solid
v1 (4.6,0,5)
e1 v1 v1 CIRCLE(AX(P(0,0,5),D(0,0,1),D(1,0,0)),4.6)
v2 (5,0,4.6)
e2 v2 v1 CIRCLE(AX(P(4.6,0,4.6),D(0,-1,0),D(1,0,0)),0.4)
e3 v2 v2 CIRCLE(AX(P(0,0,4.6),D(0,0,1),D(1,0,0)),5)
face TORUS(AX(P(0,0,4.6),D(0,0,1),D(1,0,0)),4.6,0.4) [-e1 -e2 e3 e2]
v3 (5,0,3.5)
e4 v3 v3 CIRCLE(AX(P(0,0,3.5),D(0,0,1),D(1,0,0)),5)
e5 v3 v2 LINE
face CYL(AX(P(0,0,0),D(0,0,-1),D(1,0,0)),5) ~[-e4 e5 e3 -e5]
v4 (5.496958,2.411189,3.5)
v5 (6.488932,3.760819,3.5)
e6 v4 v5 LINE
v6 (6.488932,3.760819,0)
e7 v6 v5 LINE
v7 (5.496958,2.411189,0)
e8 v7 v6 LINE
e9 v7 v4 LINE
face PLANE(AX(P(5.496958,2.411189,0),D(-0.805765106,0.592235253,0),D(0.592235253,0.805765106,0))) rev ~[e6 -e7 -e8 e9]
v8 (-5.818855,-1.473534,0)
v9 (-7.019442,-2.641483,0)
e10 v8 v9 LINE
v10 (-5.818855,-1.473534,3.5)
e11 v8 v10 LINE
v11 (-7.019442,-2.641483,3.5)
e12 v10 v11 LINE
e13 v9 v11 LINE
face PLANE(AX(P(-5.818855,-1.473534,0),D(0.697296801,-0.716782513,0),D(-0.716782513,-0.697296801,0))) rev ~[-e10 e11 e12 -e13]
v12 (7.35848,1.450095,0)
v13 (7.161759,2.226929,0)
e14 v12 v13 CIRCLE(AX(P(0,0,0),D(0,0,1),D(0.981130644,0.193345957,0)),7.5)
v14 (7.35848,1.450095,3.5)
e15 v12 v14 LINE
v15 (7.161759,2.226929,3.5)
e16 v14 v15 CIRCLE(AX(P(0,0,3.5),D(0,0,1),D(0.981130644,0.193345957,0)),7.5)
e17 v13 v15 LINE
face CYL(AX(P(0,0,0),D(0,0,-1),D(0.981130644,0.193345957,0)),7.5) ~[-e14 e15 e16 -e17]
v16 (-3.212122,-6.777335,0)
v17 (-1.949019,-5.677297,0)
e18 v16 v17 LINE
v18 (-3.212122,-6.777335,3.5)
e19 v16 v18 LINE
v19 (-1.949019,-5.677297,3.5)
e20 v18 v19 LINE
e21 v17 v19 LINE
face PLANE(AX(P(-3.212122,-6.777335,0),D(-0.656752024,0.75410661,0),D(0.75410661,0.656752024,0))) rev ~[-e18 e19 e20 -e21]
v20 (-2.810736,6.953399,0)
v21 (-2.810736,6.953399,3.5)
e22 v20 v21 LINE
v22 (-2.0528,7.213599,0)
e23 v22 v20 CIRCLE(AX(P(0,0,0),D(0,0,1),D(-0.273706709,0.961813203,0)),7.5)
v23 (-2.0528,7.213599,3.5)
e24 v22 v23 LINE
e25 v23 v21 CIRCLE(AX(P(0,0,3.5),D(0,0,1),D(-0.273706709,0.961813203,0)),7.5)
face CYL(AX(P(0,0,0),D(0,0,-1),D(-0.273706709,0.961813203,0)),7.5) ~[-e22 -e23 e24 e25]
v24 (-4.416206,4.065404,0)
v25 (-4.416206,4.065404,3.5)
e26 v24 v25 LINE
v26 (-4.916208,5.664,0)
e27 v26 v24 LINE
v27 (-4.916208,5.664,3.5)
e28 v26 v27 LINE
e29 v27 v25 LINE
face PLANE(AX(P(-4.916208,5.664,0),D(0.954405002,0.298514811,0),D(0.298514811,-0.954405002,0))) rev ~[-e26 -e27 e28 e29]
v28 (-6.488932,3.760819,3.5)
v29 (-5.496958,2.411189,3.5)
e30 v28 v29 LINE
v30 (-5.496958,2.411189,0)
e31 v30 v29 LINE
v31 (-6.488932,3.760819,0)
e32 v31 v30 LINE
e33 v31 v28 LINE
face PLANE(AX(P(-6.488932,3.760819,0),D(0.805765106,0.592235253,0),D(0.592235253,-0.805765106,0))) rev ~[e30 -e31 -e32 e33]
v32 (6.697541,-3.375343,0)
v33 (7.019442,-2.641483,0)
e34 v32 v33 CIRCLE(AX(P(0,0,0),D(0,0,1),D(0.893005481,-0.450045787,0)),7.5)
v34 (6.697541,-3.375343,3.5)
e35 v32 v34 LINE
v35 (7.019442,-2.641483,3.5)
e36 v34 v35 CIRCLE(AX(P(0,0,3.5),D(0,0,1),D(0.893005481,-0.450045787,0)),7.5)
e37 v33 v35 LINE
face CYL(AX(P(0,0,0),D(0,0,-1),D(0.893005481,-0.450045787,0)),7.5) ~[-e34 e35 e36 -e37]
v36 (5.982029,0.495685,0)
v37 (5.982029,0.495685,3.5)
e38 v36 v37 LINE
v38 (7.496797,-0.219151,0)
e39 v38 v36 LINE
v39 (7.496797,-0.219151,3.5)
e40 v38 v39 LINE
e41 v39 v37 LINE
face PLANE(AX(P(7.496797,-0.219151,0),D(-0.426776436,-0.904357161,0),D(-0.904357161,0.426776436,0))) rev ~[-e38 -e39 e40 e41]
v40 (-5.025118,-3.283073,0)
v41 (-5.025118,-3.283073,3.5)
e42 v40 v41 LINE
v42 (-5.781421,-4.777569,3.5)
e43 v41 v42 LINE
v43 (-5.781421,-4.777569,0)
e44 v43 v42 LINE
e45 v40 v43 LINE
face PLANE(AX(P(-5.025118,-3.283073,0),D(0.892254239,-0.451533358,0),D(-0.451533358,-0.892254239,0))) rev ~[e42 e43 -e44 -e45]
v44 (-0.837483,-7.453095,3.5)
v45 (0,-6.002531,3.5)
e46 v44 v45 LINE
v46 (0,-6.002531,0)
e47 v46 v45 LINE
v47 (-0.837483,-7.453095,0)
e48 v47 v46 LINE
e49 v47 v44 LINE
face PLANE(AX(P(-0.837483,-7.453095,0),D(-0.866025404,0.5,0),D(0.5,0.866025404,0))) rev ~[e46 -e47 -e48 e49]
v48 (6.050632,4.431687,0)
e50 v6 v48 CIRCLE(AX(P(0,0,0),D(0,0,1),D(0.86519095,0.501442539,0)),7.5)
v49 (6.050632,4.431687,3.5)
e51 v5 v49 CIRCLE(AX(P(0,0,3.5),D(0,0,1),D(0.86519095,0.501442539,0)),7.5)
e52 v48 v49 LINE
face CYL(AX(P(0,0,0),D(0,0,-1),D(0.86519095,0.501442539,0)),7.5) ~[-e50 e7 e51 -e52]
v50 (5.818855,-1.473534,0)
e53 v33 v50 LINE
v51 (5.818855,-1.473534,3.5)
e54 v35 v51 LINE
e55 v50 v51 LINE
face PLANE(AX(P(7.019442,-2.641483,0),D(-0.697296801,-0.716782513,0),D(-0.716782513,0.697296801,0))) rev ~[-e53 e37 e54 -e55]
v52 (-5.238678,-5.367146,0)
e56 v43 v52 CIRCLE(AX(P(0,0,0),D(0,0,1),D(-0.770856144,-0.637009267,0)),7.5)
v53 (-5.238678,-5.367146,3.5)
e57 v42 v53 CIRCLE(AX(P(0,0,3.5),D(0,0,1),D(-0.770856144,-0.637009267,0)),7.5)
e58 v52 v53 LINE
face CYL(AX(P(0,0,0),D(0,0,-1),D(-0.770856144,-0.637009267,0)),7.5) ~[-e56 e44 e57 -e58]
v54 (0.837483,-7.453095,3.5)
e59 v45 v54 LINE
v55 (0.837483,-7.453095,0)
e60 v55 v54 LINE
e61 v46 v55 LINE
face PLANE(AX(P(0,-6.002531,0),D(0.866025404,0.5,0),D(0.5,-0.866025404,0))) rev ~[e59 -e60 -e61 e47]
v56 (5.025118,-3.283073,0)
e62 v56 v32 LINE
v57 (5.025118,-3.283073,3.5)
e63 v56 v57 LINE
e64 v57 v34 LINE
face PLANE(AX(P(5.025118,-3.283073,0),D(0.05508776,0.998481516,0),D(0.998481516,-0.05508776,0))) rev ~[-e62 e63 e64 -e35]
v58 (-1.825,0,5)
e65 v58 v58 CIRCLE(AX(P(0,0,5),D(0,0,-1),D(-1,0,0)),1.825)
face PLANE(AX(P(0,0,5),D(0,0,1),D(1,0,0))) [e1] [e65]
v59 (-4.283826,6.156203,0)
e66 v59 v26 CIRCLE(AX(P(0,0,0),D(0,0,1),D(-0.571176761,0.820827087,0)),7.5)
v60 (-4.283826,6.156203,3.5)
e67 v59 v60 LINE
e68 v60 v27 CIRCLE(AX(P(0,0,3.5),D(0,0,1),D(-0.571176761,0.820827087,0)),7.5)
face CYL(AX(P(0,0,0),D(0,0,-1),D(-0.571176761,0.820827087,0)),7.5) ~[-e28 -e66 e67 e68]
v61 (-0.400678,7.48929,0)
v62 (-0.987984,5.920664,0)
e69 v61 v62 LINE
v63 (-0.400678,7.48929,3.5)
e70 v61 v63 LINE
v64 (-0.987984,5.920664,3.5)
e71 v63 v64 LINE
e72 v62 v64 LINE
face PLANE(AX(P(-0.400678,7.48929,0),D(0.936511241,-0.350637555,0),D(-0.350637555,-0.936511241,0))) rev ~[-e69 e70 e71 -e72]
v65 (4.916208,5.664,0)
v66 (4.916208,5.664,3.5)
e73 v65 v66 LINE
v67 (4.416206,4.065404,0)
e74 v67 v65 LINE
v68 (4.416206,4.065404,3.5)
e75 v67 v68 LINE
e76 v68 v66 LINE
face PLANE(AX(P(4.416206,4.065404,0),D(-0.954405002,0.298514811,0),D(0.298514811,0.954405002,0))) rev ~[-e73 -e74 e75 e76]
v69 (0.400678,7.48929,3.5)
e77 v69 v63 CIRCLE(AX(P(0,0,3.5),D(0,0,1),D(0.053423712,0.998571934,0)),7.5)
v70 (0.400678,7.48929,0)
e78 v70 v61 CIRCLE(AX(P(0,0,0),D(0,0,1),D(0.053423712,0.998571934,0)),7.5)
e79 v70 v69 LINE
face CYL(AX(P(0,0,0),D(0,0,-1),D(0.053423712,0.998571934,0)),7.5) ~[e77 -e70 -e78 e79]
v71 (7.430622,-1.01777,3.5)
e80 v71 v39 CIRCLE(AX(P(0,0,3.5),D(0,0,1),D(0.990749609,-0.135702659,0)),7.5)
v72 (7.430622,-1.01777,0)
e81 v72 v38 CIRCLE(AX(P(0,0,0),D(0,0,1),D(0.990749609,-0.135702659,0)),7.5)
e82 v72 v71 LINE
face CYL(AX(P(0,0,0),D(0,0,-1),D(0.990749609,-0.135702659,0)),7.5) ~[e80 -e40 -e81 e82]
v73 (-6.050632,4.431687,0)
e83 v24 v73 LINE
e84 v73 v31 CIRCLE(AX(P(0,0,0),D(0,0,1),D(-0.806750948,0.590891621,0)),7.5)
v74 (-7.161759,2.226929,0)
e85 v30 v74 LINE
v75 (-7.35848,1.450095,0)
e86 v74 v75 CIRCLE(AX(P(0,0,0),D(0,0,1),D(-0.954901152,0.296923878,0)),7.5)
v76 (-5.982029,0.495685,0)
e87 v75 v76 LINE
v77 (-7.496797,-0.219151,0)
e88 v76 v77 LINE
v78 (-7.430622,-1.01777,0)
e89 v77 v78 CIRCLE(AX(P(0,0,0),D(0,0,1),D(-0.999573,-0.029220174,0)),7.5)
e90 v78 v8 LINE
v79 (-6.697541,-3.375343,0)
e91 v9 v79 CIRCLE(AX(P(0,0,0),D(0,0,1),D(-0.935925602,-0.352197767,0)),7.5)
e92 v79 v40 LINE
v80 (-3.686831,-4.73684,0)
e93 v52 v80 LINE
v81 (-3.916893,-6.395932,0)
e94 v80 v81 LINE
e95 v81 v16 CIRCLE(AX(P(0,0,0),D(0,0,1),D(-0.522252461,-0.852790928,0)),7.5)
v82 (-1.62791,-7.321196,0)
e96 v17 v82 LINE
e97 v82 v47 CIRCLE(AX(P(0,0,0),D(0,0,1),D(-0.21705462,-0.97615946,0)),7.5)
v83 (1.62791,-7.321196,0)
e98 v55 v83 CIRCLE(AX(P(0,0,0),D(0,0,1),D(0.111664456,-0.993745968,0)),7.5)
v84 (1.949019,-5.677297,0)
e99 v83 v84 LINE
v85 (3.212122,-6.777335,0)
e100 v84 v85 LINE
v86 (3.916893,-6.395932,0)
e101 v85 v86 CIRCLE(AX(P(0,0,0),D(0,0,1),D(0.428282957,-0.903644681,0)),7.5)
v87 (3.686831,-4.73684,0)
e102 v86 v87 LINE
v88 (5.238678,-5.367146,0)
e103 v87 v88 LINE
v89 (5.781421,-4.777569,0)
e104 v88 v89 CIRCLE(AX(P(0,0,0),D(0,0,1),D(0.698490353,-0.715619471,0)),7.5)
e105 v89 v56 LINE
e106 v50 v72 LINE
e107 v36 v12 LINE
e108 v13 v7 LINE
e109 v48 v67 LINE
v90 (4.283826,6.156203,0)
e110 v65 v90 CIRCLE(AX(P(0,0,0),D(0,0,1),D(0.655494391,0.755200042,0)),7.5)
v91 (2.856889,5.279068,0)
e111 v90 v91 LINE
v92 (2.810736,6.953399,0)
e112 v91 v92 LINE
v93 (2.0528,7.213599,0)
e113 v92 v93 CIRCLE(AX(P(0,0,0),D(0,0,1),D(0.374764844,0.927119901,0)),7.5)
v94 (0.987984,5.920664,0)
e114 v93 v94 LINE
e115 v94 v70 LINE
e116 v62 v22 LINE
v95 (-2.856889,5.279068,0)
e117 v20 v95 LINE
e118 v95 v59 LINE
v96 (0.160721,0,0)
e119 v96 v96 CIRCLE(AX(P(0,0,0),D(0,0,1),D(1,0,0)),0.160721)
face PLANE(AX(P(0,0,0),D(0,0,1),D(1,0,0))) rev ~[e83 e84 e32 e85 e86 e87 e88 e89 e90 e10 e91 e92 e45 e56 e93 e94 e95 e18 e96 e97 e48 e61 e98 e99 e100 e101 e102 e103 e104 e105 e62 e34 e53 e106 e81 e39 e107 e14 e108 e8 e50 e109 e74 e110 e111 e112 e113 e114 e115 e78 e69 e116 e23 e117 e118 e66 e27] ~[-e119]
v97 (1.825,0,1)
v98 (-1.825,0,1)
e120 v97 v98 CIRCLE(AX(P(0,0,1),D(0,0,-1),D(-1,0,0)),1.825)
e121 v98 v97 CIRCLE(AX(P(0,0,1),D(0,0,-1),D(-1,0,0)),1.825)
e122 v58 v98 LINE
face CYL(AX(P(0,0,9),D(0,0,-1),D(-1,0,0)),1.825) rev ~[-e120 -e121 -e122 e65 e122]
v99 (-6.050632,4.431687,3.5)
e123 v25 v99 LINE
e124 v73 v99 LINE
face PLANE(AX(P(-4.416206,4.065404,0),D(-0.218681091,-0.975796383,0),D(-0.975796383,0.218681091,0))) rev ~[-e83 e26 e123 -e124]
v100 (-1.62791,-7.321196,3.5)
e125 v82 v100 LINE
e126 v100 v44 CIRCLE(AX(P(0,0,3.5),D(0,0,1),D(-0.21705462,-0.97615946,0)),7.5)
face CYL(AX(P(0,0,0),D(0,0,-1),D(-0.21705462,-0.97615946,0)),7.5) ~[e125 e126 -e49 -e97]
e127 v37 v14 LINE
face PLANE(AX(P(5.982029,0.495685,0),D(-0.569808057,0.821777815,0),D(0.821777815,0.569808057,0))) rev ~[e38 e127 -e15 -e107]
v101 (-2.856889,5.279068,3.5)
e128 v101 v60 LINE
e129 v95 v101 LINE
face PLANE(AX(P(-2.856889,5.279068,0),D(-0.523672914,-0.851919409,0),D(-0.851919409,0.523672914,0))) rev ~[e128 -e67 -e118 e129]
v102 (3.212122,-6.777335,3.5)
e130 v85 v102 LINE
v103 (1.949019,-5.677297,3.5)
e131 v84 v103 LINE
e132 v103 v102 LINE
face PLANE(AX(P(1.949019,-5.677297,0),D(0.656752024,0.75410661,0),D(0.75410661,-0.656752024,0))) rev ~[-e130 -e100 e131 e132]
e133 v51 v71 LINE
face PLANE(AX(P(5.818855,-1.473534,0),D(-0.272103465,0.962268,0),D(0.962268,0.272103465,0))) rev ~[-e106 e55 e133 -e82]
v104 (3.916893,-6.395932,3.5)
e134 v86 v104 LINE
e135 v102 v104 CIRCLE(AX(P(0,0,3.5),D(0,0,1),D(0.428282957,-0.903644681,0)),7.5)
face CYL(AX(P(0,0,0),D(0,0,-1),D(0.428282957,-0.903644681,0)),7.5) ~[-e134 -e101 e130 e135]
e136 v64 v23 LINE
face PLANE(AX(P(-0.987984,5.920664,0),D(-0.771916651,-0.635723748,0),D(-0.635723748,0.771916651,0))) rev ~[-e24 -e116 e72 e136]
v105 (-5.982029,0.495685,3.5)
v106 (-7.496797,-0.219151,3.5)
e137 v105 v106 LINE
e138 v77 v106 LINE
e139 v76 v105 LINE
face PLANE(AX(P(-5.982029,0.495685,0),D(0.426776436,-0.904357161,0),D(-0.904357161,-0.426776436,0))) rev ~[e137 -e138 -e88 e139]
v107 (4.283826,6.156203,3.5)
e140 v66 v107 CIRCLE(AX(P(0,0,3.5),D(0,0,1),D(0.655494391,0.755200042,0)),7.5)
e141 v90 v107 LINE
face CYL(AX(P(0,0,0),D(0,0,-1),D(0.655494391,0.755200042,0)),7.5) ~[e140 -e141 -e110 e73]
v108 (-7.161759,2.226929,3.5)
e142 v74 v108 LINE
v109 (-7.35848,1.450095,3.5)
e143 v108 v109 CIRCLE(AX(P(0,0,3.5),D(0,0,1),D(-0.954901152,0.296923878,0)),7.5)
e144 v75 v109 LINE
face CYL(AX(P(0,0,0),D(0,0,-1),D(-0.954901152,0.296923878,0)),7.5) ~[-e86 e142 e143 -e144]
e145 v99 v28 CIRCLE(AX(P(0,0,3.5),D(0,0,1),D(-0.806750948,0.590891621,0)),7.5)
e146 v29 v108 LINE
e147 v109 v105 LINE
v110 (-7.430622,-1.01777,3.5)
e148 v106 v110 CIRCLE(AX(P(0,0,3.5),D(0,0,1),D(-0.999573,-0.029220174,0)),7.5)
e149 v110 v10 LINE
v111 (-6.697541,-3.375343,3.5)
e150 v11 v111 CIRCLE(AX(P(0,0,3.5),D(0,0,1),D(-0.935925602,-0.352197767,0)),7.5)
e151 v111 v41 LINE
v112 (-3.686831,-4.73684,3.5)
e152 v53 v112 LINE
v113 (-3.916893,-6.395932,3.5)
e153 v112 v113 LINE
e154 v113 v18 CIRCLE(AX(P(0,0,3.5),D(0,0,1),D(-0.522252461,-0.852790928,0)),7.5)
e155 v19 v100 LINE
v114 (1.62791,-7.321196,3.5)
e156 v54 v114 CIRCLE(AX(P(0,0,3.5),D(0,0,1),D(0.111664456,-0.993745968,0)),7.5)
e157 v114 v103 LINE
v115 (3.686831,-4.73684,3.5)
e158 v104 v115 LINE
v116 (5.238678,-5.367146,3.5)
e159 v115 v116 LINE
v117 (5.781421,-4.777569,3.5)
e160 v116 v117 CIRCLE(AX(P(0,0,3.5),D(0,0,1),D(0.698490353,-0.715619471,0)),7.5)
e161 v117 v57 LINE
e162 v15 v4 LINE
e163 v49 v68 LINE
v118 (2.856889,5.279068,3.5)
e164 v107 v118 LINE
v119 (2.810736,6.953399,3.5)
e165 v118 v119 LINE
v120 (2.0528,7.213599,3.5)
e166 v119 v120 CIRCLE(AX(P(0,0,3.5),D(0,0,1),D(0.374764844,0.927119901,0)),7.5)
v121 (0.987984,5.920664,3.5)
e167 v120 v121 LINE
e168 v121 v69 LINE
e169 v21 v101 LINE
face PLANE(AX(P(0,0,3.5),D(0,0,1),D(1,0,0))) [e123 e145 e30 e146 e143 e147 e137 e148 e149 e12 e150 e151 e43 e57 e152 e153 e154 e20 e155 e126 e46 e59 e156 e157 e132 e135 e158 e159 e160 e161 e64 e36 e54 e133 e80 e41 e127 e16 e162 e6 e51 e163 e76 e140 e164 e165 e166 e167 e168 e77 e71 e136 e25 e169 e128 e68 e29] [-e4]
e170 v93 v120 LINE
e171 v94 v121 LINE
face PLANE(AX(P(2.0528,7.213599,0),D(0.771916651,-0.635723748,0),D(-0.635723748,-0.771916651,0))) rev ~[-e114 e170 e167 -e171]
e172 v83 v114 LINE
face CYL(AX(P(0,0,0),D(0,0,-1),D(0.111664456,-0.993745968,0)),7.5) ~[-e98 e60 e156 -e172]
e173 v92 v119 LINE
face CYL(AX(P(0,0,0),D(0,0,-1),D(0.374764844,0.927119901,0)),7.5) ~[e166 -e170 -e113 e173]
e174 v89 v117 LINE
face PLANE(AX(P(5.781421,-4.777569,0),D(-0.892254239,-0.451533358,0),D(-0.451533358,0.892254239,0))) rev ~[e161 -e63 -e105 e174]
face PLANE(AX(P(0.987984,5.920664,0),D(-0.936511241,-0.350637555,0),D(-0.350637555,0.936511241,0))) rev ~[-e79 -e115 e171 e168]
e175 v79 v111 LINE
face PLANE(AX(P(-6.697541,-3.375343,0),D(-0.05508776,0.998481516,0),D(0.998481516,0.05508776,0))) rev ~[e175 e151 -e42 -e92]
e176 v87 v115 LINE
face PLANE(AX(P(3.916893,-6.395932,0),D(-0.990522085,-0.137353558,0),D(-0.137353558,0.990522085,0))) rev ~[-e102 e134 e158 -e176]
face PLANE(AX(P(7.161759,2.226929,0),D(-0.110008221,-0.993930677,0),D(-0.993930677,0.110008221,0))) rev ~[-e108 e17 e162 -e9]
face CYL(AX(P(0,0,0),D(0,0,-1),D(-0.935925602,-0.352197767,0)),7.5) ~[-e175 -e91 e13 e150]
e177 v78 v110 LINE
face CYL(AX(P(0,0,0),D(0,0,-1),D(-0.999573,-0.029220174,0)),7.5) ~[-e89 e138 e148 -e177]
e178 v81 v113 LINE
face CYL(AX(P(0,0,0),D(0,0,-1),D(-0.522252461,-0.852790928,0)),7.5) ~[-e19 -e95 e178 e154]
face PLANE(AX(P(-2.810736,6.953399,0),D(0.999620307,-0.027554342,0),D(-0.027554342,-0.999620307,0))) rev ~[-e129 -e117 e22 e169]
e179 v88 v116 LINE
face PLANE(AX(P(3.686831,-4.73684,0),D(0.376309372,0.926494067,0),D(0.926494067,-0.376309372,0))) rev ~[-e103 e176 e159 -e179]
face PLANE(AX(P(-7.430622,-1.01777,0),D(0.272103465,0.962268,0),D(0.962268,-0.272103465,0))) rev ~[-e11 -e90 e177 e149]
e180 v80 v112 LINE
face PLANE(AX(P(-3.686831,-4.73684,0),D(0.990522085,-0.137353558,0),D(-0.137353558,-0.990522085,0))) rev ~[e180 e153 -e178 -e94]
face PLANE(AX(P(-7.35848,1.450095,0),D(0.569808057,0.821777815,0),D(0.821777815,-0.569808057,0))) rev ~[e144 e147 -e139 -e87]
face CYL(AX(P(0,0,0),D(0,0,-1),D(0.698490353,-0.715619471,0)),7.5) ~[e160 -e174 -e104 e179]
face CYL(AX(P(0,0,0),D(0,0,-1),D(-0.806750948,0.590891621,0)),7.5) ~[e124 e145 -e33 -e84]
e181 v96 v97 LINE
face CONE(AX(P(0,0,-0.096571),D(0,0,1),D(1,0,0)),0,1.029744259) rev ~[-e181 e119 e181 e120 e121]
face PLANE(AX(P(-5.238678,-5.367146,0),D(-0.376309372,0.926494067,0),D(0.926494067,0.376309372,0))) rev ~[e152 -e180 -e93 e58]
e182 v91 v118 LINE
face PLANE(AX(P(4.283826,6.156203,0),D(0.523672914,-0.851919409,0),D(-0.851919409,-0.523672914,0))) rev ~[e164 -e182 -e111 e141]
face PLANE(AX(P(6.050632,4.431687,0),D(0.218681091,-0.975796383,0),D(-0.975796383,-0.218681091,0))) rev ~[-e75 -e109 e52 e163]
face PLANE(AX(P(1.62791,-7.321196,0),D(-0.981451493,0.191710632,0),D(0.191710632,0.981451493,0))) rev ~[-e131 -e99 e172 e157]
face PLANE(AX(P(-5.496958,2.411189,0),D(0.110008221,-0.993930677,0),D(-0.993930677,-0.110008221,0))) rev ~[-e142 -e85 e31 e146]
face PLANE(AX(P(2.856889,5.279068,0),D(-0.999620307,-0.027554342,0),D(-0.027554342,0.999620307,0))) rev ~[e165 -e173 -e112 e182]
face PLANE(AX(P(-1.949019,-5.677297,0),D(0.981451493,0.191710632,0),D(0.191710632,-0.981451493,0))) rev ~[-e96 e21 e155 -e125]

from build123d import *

# Parameters (mm, degrees)
F0_R     = 5
F1_DEPTH = 3.5
F2_DEPTH = 5
F4_D     = 3.65
F4_DEPTH = 4
F4_TIP   = 1.0965706297
F5_R     = 0.4


with BuildPart() as f1:
    # F0 (on Top) → F1 (new body)
    with BuildSketch(Plane.XY):
        with BuildLine():
            Line((5.9820292349, 0.4956850747), (7.3584798307, 1.4500946799))
            ThreePointArc((7.3584798307, 1.4500946799), (7.2705019945, 1.8411411536), (7.1617586425, 2.2269290844))
            Line((7.1617586425, 2.2269290844), (5.4969577101, 2.4111892074))
            Line((5.4969577101, 2.4111892074), (6.4889321237, 3.7608190456))
            ThreePointArc((6.4889321237, 3.7608190456), (6.278748587, 4.1021111859), (6.0506321133, 4.4316871538))
            Line((6.0506321133, 4.4316871538), (4.4162055233, 4.0654035761))
            Line((4.4162055233, 4.0654035761), (4.916207935, 5.6640003125))
            ThreePointArc((4.916207935, 5.6640003125), (4.6065953452, 5.9185538205), (4.2838257094, 6.1562031555))
            Line((4.2838257094, 6.1562031555), (2.8568889436, 5.279068386))
            Line((2.8568889436, 5.279068386), (2.8107363336, 6.9533992596))
            ThreePointArc((2.8107363336, 6.9533992596), (2.435246019, 7.0936293128), (2.0528003195, 7.2135990219))
            Line((2.0528003195, 7.2135990219), (0.9879841176, 5.9206642232))
            Line((0.9879841176, 5.9206642232), (0.4006778375, 7.4892895037))
            ThreePointArc((0.4006778375, 7.4892895037), (0, 7.5), (-0.4006778375, 7.4892895037))
            Line((-0.4006778375, 7.4892895037), (-0.9879841176, 5.9206642232))
            Line((-0.9879841176, 5.9206642232), (-2.0528003195, 7.2135990219))
            ThreePointArc((-2.0528003195, 7.2135990219), (-2.435246019, 7.0936293128), (-2.8107363336, 6.9533992596))
            Line((-2.8107363336, 6.9533992596), (-2.8568889436, 5.279068386))
            Line((-2.8568889436, 5.279068386), (-4.2838257094, 6.1562031555))
            ThreePointArc((-4.2838257094, 6.1562031555), (-4.6065953452, 5.9185538205), (-4.916207935, 5.6640003125))
            Line((-4.916207935, 5.6640003125), (-4.4162055233, 4.0654035761))
            Line((-4.4162055233, 4.0654035761), (-6.0506321133, 4.4316871538))
            ThreePointArc((-6.0506321133, 4.4316871538), (-6.278748587, 4.1021111859), (-6.4889321237, 3.7608190456))
            Line((-6.4889321237, 3.7608190456), (-5.4969577101, 2.4111892074))
            Line((-5.4969577101, 2.4111892074), (-7.1617586425, 2.2269290844))
            ThreePointArc((-7.1617586425, 2.2269290844), (-7.2705019945, 1.8411411536), (-7.3584798307, 1.4500946799))
            Line((-7.3584798307, 1.4500946799), (-5.9820292349, 0.4956850747))
            Line((-5.9820292349, 0.4956850747), (-7.4967974966, -0.2191513057))
            ThreePointArc((-7.4967974966, -0.2191513057), (-7.4743836976, -0.619345091), (-7.4306220695, -1.0177699448))
            Line((-7.4306220695, -1.0177699448), (-5.8188550714, -1.4735342273))
            Line((-5.8188550714, -1.4735342273), (-7.0194420172, -2.6414832514))
            ThreePointArc((-7.0194420172, -2.6414832514), (-6.8682999499, -3.0127156849), (-6.697541109, -3.3753434037))
            Line((-6.697541109, -3.3753434037), (-5.025117672, -3.2830732315))
            Line((-5.025117672, -3.2830732315), (-5.7814210773, -4.7775694999))
            ThreePointArc((-5.7814210773, -4.7775694999), (-5.51792933, -5.0796117872), (-5.2386776463, -5.367146031))
            Line((-5.2386776463, -5.367146031), (-3.6868308001, -4.7368403089))
            Line((-3.6868308001, -4.7368403089), (-3.9168934558, -6.3959319615))
            ThreePointArc((-3.9168934558, -6.3959319615), (-3.5696054478, -6.596053134), (-3.2121221742, -6.7773351059))
            Line((-3.2121221742, -6.7773351059), (-1.949018604, -5.6772972392))
            Line((-1.949018604, -5.6772972392), (-1.6279096514, -7.321195952))
            ThreePointArc((-1.6279096514, -7.321195952), (-1.2344594271, -7.3977097755), (-0.8374834233, -7.4530947609))
            Line((-0.8374834233, -7.4530947609), (0, -6.0025309213))
            Line((0, -6.0025309213), (0.8374834233, -7.4530947609))
            ThreePointArc((0.8374834233, -7.4530947609), (1.2344594271, -7.3977097755), (1.6279096514, -7.321195952))
            Line((1.6279096514, -7.321195952), (1.949018604, -5.6772972392))
            Line((1.949018604, -5.6772972392), (3.2121221742, -6.7773351059))
            ThreePointArc((3.2121221742, -6.7773351059), (3.5696054478, -6.596053134), (3.9168934558, -6.3959319615))
            Line((3.9168934558, -6.3959319615), (3.6868308001, -4.7368403089))
            Line((3.6868308001, -4.7368403089), (5.2386776463, -5.367146031))
            ThreePointArc((5.2386776463, -5.367146031), (5.51792933, -5.0796117872), (5.7814210773, -4.7775694999))
            Line((5.7814210773, -4.7775694999), (5.025117672, -3.2830732315))
            Line((5.025117672, -3.2830732315), (6.697541109, -3.3753434037))
            ThreePointArc((6.697541109, -3.3753434037), (6.8682999499, -3.0127156849), (7.0194420172, -2.6414832514))
            Line((7.0194420172, -2.6414832514), (5.8188550714, -1.4735342273))
            Line((5.8188550714, -1.4735342273), (7.4306220695, -1.0177699448))
            ThreePointArc((7.4306220695, -1.0177699448), (7.4743836976, -0.619345091), (7.4967974966, -0.2191513057))
            Line((7.4967974966, -0.2191513057), (5.9820292349, 0.4956850747))
        make_face()
        Circle(F0_R, mode=Mode.SUBTRACT)
    extrude(amount=F1_DEPTH)

    # F0 (on Top) → F2 (join)
    with BuildSketch(Plane.XY):
        Circle(F0_R)
    extrude(amount=F2_DEPTH)

    # F4
    with Locations(Plane.XY.offset(5)):
        with Locations((0, 0)):
            Hole(F4_D / 2, depth=F4_DEPTH)
            with Locations((0, 0, -(F4_DEPTH + F4_TIP / 2))):  # 118° drill point
                Cone(0, F4_D / 2, F4_TIP, mode=Mode.SUBTRACT)

    # F5
    f5_edges = [f1.edges().sort_by_distance(p)[0] for p in [
        (-5, 0, 5),
    ]]
    fillet(f5_edges, radius=F5_R)


solid = f1.part
